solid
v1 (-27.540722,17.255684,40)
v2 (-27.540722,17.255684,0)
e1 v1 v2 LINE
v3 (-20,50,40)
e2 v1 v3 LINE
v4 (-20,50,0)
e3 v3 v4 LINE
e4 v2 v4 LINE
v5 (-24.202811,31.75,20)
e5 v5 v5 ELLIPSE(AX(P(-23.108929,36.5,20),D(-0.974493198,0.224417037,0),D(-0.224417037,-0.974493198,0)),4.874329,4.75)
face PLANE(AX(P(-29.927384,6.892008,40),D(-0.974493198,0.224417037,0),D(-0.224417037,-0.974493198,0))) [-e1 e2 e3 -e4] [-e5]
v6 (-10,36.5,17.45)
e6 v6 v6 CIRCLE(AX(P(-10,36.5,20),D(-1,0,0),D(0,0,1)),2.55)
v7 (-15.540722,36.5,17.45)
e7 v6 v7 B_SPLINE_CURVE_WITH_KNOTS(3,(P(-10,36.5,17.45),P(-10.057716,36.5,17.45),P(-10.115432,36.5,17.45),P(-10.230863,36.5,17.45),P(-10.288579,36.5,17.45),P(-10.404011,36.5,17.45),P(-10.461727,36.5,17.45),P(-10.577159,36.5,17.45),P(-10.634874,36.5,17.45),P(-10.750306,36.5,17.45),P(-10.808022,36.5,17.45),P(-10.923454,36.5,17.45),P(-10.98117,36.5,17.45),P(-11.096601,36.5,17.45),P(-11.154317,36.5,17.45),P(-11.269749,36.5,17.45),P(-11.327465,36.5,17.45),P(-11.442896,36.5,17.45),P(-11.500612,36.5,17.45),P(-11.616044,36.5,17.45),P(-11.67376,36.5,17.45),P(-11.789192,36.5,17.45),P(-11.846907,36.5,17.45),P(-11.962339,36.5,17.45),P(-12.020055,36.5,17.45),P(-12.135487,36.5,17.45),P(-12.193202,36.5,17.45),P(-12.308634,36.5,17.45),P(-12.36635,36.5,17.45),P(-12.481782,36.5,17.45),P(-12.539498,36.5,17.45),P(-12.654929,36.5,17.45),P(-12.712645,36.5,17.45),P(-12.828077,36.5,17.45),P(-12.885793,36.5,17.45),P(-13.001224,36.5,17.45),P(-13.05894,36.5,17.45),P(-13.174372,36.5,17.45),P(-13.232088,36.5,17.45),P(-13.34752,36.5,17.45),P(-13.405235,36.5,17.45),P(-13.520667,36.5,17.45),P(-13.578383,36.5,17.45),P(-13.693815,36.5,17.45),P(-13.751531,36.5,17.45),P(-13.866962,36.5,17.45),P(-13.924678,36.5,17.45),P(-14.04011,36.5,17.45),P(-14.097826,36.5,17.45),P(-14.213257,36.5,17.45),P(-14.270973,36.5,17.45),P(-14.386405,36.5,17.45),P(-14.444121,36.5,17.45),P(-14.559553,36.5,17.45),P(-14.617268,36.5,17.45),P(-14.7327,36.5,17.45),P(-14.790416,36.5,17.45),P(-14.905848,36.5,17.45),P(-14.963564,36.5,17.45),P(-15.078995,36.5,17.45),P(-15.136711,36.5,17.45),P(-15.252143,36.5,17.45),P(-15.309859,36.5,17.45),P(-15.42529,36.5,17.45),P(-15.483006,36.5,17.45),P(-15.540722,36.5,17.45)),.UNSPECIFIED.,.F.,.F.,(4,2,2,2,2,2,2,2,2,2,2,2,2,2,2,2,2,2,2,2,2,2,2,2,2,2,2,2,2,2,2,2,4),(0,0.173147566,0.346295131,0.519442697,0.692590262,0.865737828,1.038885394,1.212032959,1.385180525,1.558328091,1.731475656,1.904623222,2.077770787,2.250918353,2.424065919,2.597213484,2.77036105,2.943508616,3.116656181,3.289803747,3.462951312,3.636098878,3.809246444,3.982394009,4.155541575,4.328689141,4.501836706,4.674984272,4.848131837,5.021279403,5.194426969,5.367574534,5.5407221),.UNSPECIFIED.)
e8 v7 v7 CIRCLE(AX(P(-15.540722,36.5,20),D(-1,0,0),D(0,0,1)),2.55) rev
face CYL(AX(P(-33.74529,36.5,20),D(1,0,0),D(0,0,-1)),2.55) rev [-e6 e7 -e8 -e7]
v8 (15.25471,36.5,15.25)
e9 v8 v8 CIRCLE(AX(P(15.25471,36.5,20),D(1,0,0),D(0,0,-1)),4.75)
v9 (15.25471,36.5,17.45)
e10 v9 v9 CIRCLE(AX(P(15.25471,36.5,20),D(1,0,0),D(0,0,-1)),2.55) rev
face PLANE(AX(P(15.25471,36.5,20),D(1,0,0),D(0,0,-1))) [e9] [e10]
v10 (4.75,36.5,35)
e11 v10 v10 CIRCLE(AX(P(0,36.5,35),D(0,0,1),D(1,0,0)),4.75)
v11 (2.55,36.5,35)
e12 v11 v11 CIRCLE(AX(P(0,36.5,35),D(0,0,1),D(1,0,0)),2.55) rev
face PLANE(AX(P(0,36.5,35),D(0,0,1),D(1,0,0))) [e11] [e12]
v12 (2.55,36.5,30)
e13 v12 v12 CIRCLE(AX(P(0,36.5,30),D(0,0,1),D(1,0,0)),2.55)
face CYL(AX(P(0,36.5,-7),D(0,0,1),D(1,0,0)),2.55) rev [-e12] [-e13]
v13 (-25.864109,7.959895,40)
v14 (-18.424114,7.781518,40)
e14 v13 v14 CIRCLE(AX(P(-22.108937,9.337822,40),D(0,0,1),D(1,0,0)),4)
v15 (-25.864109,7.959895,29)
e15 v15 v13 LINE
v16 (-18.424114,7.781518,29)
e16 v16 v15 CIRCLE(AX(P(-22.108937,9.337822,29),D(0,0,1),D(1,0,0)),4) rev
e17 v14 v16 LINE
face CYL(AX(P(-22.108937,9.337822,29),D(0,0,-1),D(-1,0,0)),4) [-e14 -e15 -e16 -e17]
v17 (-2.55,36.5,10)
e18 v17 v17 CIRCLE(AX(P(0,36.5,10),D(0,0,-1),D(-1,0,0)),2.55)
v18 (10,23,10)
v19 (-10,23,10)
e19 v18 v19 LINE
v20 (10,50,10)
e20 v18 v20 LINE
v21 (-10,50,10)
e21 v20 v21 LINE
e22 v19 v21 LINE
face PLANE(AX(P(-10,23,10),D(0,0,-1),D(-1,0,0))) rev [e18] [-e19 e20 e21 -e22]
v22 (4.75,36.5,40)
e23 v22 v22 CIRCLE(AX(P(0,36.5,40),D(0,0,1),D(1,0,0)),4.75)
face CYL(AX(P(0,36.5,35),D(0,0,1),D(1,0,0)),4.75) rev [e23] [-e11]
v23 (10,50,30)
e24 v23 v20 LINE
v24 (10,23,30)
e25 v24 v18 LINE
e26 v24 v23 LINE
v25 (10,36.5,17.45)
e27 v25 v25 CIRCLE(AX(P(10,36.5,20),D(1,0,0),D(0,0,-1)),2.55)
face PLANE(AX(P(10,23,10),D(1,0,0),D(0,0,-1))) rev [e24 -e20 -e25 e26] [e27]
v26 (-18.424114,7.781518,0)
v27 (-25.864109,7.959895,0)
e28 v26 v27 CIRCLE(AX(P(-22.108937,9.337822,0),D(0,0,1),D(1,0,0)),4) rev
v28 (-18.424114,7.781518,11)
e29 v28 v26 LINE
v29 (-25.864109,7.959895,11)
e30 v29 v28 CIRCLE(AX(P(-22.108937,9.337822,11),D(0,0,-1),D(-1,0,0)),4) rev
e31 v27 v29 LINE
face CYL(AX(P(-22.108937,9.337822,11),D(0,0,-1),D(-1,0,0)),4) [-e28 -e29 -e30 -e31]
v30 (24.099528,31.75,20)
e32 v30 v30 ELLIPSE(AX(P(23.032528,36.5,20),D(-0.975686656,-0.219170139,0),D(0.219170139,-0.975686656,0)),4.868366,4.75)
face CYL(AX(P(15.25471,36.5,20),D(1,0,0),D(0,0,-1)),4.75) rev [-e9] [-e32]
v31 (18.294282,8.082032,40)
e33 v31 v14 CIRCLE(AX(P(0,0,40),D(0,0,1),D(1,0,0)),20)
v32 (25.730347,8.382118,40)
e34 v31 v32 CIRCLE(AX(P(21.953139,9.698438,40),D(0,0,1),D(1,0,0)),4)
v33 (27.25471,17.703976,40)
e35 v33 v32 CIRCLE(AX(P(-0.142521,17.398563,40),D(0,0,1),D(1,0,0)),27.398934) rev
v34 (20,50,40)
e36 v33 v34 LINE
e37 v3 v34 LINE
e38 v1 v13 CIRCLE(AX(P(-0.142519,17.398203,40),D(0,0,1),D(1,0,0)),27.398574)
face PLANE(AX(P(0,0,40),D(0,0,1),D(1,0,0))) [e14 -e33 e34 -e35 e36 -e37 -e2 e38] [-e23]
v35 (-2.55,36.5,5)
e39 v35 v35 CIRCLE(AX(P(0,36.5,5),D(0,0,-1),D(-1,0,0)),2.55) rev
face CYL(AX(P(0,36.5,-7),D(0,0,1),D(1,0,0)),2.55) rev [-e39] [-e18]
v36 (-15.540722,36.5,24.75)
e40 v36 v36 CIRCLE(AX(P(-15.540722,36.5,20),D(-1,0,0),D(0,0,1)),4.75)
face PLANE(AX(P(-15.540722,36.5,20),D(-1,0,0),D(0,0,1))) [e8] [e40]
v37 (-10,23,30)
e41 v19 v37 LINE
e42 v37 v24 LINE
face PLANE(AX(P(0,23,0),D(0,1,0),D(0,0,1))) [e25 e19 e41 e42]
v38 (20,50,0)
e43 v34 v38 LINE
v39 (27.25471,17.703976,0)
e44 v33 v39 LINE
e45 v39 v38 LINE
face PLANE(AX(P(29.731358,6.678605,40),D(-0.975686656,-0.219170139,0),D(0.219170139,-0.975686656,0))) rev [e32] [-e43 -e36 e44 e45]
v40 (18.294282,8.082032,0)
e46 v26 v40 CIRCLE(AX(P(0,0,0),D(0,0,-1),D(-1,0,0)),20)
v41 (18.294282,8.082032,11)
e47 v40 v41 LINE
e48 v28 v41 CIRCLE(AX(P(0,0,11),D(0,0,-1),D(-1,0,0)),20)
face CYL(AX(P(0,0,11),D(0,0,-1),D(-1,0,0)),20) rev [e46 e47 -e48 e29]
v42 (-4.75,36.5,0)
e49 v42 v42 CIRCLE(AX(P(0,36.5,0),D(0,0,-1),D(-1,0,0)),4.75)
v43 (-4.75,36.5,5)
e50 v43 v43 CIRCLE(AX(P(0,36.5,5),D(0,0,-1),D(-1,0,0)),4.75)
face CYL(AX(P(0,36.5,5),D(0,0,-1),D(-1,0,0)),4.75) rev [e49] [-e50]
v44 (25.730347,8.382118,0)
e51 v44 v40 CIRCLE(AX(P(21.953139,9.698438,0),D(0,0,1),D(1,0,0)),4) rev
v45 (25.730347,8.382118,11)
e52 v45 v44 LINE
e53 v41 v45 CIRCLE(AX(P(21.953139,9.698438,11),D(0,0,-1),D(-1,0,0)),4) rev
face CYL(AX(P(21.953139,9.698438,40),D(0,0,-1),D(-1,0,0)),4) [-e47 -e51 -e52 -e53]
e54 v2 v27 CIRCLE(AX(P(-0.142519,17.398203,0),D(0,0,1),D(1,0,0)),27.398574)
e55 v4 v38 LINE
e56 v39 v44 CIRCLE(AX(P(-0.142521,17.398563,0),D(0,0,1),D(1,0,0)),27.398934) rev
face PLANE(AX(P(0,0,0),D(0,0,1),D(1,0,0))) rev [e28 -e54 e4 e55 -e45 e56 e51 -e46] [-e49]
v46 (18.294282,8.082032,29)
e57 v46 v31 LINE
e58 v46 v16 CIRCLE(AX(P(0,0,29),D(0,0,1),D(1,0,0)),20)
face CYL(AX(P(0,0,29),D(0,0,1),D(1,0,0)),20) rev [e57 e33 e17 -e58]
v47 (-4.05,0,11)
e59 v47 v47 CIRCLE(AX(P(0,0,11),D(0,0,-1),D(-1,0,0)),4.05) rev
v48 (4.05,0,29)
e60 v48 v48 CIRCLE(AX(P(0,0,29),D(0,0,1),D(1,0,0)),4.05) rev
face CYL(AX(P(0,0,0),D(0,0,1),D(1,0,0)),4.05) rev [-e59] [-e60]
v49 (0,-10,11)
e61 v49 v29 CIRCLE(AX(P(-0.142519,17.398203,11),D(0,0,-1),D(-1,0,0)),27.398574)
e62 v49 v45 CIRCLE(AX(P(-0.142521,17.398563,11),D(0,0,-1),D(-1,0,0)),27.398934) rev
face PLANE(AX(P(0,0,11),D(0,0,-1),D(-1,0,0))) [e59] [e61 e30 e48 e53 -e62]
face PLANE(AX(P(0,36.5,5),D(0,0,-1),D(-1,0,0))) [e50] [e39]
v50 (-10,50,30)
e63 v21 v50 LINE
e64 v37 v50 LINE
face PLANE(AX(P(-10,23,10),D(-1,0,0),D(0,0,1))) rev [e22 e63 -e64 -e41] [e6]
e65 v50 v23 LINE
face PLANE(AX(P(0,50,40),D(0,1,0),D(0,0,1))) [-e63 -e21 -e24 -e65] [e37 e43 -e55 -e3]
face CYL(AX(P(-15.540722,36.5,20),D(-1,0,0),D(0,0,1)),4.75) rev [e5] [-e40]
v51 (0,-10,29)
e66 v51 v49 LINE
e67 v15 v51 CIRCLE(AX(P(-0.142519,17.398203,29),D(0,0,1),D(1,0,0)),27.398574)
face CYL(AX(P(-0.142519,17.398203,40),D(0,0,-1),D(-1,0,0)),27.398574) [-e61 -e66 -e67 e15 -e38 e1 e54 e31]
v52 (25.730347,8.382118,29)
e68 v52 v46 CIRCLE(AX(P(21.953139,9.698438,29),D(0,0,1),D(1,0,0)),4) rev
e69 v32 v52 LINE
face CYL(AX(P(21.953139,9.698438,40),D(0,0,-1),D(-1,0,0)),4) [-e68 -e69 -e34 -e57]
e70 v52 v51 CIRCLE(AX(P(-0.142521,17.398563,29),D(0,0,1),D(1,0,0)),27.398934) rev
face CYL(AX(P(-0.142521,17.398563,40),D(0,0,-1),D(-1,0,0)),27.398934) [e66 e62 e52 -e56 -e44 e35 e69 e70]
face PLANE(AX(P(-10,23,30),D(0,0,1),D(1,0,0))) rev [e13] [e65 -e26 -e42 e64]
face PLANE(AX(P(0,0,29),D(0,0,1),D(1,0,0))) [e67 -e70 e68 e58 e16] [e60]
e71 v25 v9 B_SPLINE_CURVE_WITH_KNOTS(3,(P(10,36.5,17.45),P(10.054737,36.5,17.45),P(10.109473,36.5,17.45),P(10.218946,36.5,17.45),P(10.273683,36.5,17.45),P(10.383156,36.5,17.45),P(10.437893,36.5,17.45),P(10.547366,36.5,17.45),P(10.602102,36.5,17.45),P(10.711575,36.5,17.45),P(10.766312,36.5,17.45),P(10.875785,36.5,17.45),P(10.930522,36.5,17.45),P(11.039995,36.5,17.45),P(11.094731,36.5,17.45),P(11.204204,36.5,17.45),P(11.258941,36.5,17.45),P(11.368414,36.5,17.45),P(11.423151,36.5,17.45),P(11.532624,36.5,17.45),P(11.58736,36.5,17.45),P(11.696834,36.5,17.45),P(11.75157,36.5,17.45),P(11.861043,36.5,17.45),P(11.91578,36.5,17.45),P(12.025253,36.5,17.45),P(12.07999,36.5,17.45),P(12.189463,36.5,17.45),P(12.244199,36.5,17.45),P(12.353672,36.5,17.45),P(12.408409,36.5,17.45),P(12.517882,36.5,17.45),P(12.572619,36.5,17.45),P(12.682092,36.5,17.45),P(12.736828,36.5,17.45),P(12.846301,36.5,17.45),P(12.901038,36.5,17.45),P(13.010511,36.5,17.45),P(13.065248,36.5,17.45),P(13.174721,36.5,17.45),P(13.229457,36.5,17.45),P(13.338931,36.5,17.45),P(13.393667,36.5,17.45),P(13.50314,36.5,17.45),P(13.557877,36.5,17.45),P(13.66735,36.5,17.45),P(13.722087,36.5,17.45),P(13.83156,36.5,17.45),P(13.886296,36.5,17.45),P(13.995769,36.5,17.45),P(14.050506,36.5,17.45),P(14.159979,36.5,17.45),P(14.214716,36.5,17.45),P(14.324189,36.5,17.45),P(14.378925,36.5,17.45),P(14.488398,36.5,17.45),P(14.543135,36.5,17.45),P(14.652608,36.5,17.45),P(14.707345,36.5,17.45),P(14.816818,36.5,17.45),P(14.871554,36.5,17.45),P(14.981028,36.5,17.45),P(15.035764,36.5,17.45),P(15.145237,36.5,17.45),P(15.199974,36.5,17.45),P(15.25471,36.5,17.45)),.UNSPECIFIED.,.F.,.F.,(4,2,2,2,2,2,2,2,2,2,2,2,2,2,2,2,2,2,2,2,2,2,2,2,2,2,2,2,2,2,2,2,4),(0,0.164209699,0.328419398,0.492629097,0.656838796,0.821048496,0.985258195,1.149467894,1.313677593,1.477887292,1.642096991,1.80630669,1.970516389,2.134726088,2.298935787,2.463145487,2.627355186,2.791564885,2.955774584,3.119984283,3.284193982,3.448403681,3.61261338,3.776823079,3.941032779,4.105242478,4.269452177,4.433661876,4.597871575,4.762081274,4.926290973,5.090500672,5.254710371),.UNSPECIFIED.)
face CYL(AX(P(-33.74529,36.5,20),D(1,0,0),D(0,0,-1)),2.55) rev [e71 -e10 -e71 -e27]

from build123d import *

# Parameters (mm, degrees)
SALIENTE_EXTRUIR1_DEPTH = 40
CROQUIS2_R              = 4.05
CORTAR_EXTRUIR1_DEPTH   = 40
CROQUIS3_R              = 20
CORTAR_EXTRUIR10_DEPTH  = 11
CORTAR_EXTRUIR11_START  = -11
CROQUIS4_R              = 20
CORTAR_EXTRUIR11_DEPTH  = 11
CROQUIS5_W              = 20
CROQUIS5_H              = 20
CORTAR_EXTRUIR12_DEPTH  = 27
CROQUIS6_R              = 2.55
CORTAR_EXTRUIR13_DEPTH  = 47
CROQUIS7_R              = 4.75
CORTAR_EXTRUIR14_DEPTH  = 5
CORTAR_EXTRUIR15_START  = -5
CROQUIS8_R              = 4.75
CORTAR_EXTRUIR15_DEPTH  = 5
CROQUIS10_R             = 2.55
CORTAR_EXTRUIR16_DEPTH  = 61
CROQUIS11_R             = 4.75
CORTAR_EXTRUIR17_DEPTH  = 12
CORTAR_EXTRUIR18_START  = -12
CROQUIS12_R             = 4.75
CORTAR_EXTRUIR18_DEPTH  = 12
REDONDEO2_R             = 4


with BuildPart() as part:
    # Croquis1 → Saliente-Extruir1 (new body)
    with BuildSketch(Plane.XY):
        with BuildLine():
            Line((-20, 50), (20, 50))
            Line((20, 50), (27.254710371, 17.703975897))
            ThreePointArc((27.254710371, 17.703975897), (19.389172744, -1.816392263), (0, -10))
            ThreePointArc((0, -10), (-19.415198008, -2.076028365), (-27.5407221, 17.255683881))
            Line((-27.5407221, 17.255683881), (-20, 50))
        make_face()
    extrude(amount=SALIENTE_EXTRUIR1_DEPTH)

    # Croquis2 → Cortar-Extruir1 (cut)
    with BuildSketch(Plane.XY.offset(40)):
        Circle(CROQUIS2_R)
    extrude(amount=-CORTAR_EXTRUIR1_DEPTH, mode=Mode.SUBTRACT)

    # Croquis3 → Cortar-Extruir10 (cut)
    with BuildSketch(Plane.XY.offset(40)):
        Circle(CROQUIS3_R)
    extrude(amount=-CORTAR_EXTRUIR10_DEPTH, mode=Mode.SUBTRACT)

    # Croquis4 → Cortar-Extruir11 (cut)
    with BuildSketch(Plane(origin=(0, 0, 0), x_dir=(-1, 0, 0), z_dir=(0, 0, -1)).offset(CORTAR_EXTRUIR11_START)):
        Circle(CROQUIS4_R)
    extrude(amount=CORTAR_EXTRUIR11_DEPTH, mode=Mode.SUBTRACT)

    # Croquis5 → Cortar-Extruir12 (cut)
    with BuildSketch(Plane(origin=(0, 50, 0), x_dir=(1, 0, 0), z_dir=(0, 1, 0))):
        with Locations((0, -20)):
            Rectangle(CROQUIS5_W, CROQUIS5_H)
    extrude(amount=-CORTAR_EXTRUIR12_DEPTH, mode=Mode.SUBTRACT)

    # Croquis6 → Cortar-Extruir13 (cut)
    with BuildSketch(Plane.XY.offset(40)):
        with Locations((0, 36.5)):
            Circle(CROQUIS6_R)
    extrude(amount=-CORTAR_EXTRUIR13_DEPTH, mode=Mode.SUBTRACT)

    # Croquis7 → Cortar-Extruir14 (cut)
    with BuildSketch(Plane.XY.offset(40)):
        with Locations((0, 36.5)):
            Circle(CROQUIS7_R)
    extrude(amount=-CORTAR_EXTRUIR14_DEPTH, mode=Mode.SUBTRACT)

    # Croquis8 → Cortar-Extruir15 (cut)
    with BuildSketch(Plane(origin=(0, 0, 0), x_dir=(-1, 0, 0), z_dir=(0, 0, -1)).offset(CORTAR_EXTRUIR15_START)):
        with Locations(Location((0, 36.5, 0), (0, 0, 180))):
            Circle(CROQUIS8_R)
    extrude(amount=CORTAR_EXTRUIR15_DEPTH, mode=Mode.SUBTRACT)

    # Croquis10 → Cortar-Extruir16 (cut)
    with BuildSketch(Plane(origin=(27.254710371, 0, 0), x_dir=(0, 0, -1), z_dir=(1, 0, 0))):
        with Locations(Location((-20, 36.5, 0), (0, 0, 90))):
            Circle(CROQUIS10_R)
    extrude(amount=-CORTAR_EXTRUIR16_DEPTH, mode=Mode.SUBTRACT)

    # Croquis11 → Cortar-Extruir17 (cut)
    with BuildSketch(Plane(origin=(27.254710371, 0, 0), x_dir=(0, 0, -1), z_dir=(1, 0, 0))):
        with Locations((-20, 36.5)):
            Circle(CROQUIS11_R)
    extrude(amount=-CORTAR_EXTRUIR17_DEPTH, mode=Mode.SUBTRACT)

    # Croquis12 → Cortar-Extruir18 (cut)
    with BuildSketch(Plane.ZY.offset(27.5407221).offset(CORTAR_EXTRUIR18_START)):
        with Locations(Location((20, 36.5, 0), (0, 0, 180))):
            Circle(CROQUIS12_R)
    extrude(amount=CORTAR_EXTRUIR18_DEPTH, mode=Mode.SUBTRACT)

    # Redondeo2
    redondeo2_edges = [part.edges().sort_by_distance(p)[0] for p in [
        (19.96305599, -1.215070179, 34.5),
        (-19.940485513, -1.541764408, 34.5),
        (-19.940485513, -1.541764408, 5.5),
        (19.96305599, -1.215070179, 5.5),
    ]]
    fillet(redondeo2_edges, radius=REDONDEO2_R)


solid = part.part
